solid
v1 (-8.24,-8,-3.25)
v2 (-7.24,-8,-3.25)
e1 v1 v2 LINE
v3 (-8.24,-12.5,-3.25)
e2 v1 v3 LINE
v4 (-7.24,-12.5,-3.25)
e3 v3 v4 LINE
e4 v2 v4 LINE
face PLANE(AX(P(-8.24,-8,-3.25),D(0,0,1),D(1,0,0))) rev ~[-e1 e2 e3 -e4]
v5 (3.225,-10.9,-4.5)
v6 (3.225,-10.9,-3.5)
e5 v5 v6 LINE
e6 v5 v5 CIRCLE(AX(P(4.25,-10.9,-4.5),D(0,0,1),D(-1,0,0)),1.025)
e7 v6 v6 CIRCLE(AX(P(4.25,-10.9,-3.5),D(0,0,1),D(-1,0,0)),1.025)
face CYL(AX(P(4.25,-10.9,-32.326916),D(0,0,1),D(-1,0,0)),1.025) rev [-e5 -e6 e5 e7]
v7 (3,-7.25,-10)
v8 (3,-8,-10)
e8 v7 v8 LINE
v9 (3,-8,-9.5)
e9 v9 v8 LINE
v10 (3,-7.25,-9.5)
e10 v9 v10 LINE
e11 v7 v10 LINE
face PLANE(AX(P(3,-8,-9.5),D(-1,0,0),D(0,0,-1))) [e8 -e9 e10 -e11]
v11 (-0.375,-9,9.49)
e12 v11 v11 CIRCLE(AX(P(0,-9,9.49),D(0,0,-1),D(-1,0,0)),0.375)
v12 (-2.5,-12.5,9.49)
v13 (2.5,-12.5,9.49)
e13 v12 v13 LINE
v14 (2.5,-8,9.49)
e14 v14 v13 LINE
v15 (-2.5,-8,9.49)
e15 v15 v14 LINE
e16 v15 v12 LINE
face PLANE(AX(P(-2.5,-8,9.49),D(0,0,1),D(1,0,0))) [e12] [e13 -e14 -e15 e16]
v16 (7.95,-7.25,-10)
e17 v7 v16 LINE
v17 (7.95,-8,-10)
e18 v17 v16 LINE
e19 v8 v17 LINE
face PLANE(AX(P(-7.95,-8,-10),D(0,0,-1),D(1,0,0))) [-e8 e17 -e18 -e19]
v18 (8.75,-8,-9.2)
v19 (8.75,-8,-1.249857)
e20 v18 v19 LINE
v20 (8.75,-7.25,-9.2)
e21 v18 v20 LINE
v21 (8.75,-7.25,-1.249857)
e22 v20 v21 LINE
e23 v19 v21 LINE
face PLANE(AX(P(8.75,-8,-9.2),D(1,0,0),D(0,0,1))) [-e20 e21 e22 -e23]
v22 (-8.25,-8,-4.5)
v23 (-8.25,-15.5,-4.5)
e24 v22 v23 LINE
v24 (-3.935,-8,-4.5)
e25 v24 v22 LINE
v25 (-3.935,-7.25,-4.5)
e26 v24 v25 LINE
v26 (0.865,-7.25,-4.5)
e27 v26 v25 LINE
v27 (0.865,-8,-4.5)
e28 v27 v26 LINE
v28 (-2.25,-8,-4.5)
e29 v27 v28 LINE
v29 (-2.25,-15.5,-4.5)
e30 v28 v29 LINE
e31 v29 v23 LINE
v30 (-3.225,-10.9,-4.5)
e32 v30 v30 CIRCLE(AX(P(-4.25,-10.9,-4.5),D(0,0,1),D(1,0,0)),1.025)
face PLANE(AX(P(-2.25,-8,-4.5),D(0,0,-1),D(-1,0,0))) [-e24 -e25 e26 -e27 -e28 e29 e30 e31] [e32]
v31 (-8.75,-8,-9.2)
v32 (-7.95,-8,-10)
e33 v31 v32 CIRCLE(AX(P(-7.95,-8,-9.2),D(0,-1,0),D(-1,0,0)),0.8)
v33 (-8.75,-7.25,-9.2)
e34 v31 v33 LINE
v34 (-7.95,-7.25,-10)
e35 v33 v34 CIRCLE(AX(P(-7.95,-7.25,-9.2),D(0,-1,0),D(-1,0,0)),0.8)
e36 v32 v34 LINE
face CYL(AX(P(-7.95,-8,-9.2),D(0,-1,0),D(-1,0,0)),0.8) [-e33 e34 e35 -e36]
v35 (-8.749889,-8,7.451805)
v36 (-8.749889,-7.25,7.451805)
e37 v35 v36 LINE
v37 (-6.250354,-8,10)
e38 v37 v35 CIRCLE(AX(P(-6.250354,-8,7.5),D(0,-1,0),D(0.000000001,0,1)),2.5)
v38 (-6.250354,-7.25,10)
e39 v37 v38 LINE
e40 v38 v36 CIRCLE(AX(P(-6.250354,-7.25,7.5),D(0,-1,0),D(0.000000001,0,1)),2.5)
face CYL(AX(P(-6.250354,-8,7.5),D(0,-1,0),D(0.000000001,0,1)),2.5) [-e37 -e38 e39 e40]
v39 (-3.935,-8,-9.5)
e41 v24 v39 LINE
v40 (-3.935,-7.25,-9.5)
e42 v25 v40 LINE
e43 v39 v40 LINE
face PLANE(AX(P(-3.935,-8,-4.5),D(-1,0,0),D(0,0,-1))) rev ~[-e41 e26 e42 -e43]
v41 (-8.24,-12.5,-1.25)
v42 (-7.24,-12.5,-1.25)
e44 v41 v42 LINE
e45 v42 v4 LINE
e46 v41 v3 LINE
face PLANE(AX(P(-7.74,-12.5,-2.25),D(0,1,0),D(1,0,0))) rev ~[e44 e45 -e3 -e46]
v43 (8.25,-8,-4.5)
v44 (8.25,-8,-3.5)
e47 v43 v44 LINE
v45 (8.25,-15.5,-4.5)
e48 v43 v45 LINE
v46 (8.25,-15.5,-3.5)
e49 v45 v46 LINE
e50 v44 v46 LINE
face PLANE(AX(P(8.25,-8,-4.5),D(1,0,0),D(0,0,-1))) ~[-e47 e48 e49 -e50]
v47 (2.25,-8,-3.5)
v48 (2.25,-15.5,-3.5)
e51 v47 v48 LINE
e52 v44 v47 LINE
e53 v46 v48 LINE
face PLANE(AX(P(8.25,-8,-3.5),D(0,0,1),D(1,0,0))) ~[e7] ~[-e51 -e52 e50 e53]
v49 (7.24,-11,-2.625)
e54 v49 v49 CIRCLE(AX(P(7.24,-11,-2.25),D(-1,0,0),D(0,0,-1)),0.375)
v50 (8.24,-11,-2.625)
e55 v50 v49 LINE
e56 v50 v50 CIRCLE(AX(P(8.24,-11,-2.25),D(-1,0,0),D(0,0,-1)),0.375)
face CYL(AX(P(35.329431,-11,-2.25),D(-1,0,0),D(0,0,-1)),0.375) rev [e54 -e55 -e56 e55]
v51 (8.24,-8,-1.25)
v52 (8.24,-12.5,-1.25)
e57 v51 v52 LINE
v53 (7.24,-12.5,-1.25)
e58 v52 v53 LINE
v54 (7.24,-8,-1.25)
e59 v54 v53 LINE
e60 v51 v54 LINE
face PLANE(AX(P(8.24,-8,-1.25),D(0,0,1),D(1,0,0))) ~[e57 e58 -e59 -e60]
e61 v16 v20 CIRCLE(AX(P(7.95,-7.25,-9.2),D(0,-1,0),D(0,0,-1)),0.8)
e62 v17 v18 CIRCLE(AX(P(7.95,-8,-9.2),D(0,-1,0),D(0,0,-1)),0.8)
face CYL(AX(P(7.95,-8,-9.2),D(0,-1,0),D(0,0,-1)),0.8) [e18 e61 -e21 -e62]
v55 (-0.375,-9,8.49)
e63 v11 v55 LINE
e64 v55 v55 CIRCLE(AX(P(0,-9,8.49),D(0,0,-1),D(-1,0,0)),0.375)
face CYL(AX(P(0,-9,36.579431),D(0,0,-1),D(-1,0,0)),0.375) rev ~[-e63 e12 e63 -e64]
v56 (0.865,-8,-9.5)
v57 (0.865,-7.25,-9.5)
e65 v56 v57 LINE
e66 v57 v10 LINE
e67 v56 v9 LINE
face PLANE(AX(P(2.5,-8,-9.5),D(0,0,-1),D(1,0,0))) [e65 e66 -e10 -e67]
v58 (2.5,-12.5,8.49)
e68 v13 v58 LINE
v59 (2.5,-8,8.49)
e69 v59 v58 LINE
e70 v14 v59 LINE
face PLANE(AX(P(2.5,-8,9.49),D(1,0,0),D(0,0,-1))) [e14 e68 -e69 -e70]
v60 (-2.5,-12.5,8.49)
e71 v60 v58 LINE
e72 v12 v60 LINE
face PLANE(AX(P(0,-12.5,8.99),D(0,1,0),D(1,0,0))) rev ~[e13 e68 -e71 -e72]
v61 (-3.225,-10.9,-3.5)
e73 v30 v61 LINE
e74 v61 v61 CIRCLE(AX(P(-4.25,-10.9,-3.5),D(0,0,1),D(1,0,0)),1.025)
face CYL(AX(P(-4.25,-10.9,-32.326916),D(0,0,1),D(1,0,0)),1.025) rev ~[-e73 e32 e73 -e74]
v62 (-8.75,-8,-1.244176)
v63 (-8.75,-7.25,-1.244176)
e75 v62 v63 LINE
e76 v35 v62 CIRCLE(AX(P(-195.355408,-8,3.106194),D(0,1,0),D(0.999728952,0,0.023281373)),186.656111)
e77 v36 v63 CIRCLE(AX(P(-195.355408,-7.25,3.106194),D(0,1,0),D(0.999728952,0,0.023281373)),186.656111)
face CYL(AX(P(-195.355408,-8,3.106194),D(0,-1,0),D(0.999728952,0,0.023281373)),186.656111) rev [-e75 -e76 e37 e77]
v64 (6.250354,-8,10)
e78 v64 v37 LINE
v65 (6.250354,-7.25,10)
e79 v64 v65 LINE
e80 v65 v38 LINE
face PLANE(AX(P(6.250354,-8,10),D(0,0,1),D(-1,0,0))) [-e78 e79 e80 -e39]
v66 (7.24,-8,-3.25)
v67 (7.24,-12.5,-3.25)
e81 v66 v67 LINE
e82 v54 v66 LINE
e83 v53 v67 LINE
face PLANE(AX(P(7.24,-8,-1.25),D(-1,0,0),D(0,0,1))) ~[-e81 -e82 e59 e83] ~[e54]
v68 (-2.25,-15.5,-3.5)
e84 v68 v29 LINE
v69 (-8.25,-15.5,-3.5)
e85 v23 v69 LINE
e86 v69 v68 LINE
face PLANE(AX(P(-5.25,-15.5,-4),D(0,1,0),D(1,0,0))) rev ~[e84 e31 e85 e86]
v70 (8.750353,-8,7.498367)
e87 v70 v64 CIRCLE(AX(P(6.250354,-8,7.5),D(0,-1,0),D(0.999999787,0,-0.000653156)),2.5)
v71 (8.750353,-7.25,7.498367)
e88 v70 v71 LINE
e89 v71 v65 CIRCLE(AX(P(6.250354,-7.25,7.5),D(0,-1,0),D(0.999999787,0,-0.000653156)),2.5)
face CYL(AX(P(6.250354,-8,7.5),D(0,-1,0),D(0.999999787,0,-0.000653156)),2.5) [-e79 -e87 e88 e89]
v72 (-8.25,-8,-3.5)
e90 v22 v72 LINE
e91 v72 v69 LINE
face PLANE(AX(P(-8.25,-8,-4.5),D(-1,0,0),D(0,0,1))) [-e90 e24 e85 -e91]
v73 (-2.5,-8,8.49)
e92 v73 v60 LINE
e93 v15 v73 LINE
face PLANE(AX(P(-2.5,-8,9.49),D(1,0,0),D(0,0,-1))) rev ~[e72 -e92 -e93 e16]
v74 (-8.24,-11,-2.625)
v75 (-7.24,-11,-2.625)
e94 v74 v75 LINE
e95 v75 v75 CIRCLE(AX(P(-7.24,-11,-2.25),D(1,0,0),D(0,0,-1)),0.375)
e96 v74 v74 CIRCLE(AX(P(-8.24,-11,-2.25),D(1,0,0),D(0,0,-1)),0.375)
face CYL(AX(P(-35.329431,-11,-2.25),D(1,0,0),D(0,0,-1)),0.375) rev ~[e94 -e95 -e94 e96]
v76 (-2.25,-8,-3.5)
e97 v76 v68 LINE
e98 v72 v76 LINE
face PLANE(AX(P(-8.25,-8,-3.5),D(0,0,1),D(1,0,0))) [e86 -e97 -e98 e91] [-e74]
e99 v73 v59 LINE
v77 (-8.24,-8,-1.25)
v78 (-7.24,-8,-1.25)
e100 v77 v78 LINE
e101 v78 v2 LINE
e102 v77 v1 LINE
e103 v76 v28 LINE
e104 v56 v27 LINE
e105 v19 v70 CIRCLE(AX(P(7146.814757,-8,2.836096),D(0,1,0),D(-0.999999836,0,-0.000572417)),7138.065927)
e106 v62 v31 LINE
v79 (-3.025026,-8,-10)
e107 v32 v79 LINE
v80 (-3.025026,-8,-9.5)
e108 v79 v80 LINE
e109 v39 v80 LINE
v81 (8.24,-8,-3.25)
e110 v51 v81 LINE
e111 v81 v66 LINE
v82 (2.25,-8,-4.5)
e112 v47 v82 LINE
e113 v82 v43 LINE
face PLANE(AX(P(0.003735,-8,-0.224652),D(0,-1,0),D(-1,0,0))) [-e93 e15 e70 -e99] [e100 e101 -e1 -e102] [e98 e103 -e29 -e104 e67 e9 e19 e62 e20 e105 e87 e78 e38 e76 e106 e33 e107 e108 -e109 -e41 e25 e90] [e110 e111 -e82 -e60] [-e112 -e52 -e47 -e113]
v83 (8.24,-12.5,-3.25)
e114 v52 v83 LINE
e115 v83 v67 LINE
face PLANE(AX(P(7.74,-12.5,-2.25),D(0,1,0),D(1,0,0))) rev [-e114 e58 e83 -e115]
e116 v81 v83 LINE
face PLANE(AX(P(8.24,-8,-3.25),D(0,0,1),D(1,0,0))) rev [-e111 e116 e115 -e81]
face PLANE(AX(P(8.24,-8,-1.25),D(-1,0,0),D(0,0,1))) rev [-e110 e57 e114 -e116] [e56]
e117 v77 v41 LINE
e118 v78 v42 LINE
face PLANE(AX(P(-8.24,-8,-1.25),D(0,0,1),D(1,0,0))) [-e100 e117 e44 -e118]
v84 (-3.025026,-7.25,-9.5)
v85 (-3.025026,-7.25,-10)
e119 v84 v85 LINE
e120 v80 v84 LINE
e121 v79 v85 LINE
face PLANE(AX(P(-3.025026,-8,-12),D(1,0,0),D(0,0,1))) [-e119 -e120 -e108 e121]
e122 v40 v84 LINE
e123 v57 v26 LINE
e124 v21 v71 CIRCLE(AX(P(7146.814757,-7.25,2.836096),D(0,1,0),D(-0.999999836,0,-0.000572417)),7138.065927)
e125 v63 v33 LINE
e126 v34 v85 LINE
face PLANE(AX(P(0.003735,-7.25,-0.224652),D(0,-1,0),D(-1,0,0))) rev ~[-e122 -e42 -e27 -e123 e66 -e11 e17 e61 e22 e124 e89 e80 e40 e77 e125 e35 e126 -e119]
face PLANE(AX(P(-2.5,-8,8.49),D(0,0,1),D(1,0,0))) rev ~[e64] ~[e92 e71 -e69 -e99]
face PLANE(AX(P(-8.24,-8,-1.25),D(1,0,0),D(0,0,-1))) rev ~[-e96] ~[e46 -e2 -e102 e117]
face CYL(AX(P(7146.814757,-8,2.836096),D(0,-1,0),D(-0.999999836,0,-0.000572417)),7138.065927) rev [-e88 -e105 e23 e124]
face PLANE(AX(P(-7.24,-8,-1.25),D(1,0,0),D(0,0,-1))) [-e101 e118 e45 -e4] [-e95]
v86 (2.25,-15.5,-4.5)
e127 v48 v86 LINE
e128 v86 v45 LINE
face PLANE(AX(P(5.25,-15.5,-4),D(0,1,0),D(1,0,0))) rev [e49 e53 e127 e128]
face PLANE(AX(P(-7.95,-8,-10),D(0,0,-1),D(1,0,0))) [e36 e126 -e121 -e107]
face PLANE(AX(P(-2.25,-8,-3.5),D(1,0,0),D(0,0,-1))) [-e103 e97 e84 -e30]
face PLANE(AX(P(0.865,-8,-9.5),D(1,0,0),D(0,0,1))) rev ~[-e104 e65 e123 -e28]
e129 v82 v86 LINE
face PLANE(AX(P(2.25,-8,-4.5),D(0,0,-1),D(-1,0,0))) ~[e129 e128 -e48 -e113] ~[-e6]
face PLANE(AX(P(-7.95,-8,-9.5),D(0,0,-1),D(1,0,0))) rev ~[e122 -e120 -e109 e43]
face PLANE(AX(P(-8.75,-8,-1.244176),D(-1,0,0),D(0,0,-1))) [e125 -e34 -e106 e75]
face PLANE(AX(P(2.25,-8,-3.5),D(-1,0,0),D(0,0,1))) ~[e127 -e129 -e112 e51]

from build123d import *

# Parameters (mm, degrees)
EXTRUDE_LID_MAIN_DEPTH = 0.75
EXTRUDE_THIN2_DEPTH    = 0.75
UPPER_17_W             = 5
UPPER_17_H             = 1
UPPER_17_W_2           = 1
UPPER_17_H_2           = 2
LID_ANCHOR_FRONT_DEPTH = 4.5
TAP_LATERAL_LID_D      = 0.75
TAP_FRONT_LID_D        = 0.75
CUT_EXTRUDE1_REACH     = 16.029
HS_HOLDER_LID_DEPTH    = 7.5
M2_5_TAPPED_HOLE2_D    = 2.05


with BuildPart() as part:
    # upper<13> → extrude_lid_main (new body)
    with BuildSketch(Plane(origin=(0, -8, 0), x_dir=(1, 0, 0), z_dir=(0, 1, 0))):
        with BuildLine():
            Line((-6.250353693, -9.5), (6.250353693, -9.5))
            ThreePointArc((6.250353693, -9.5), (7.665029031, -8.913751636), (8.250353267, -7.498693688))
            ThreePointArc((8.250353267, -7.498693688), (8.248836384, -3.124346898), (8.25, 1.25))
            Line((8.25, 1.25), (8.25, 9.2))
            ThreePointArc((8.25, 9.2), (8.162132034, 9.412132034), (7.95, 9.5))
            Line((7.95, 9.5), (0.865, 9.5))
            Line((0.865, 9.5), (0.865, 4.5))
            Line((0.865, 4.5), (-3.935, 4.5))
            Line((-3.935, 4.5), (-3.935, 9.5))
            Line((-3.935, 9.5), (-7.95, 9.5))
            ThreePointArc((-7.95, 9.5), (-8.162132034, 9.412132034), (-8.25, 9.2))
            Line((-8.25, 9.2), (-8.25, 1.25))
            ThreePointArc((-8.25, 1.25), (-8.199296345, -3.106194095), (-8.25, -7.462388189))
            ThreePointArc((-8.25, -7.462388189), (-7.677803101, -8.900852665), (-6.250353693, -9.5))
        make_face()
    extrude(amount=EXTRUDE_LID_MAIN_DEPTH)



with BuildPart() as body_2:
    # upper<16> → Extrude-Thin2 (new body)
    with BuildSketch(Plane(origin=(0, -8, 0), x_dir=(1, 0, 0), z_dir=(0, 1, 0))):
        with BuildLine():
            Line((-8.75, 1.244176388), (-8.75, 9.2))
            ThreePointArc((-8.75, 9.2), (-8.515685425, 9.765685425), (-7.95, 10))
            Line((-7.95, 10), (7.95, 10))
            ThreePointArc((7.95, 10), (8.515685425, 9.765685425), (8.75, 9.2))
            Line((8.75, 9.2), (8.75, 1.249856897))
            ThreePointArc((8.75, 1.249856897), (8.748836381, -3.12425516), (8.75035316, -7.49836711))
            ThreePointArc((8.75035316, -7.49836711), (8.018697866, -9.267189545), (6.250353693, -10))
            Line((6.250353693, -10), (-6.250353693, -10))
            ThreePointArc((-6.250353693, -10), (-8.035078913, -9.250644422), (-8.749889093, -7.451804713))
            ThreePointArc((-8.749889093, -7.451804713), (-8.69929636, -3.103813517), (-8.75, 1.244176388))
        make_face()
        with BuildLine():
            Line((-8.25, 1.25), (-8.25, 9.2))
            ThreePointArc((-8.25, 9.2), (-8.162132034, 9.412132034), (-7.95, 9.5))
            Line((-7.95, 9.5), (7.95, 9.5))
            ThreePointArc((7.95, 9.5), (8.162132034, 9.412132034), (8.25, 9.2))
            Line((8.25, 9.2), (8.25, 1.25))
            ThreePointArc((8.25, 1.25), (8.248836384, -3.124346898), (8.250353267, -7.498693688))
            ThreePointArc((8.250353267, -7.498693688), (7.665029031, -8.913751636), (6.250353693, -9.5))
            Line((6.250353693, -9.5), (-6.250353693, -9.5))
            ThreePointArc((-6.250353693, -9.5), (-7.677803101, -8.900852665), (-8.25, -7.462388189))
            ThreePointArc((-8.25, -7.462388189), (-8.199296345, -3.106194095), (-8.25, 1.25))
        make_face(mode=Mode.SUBTRACT)
    extrude(amount=EXTRUDE_THIN2_DEPTH)


with BuildPart() as part_1:
    add(part.part)

    add(body_2.part)  # lid_anchor_front merges body 2
    # upper<17> → lid_anchor_front (add)
    with BuildSketch(Plane(origin=(0, -8, 0), x_dir=(1, 0, 0), z_dir=(0, 1, 0))):
        with Locations((0, -8.99)):
            Rectangle(UPPER_17_W, UPPER_17_H)
        with Locations((-7.74, 2.25)):
            Rectangle(UPPER_17_W_2, UPPER_17_H_2)
    lid_anchor_front = extrude(amount=-LID_ANCHOR_FRONT_DEPTH)

    # tap_lateral_lid (through all)
    with Locations(Plane.ZY.offset(8.24)):
        with Locations((-2.25, -11)):
            tap_lateral_lid = Hole(TAP_LATERAL_LID_D / 2)

    # Mirror3: lid_anchor_front, tap_lateral_lid across plane
    add(lid_anchor_front.mirror(Plane(origin=(0, 0, 0), x_dir=(0, 0, 1), z_dir=(1, 0, 0))))
    add(tap_lateral_lid.mirror(Plane(origin=(0, 0, 0), x_dir=(0, 0, 1), z_dir=(1, 0, 0))), mode=Mode.SUBTRACT)

    # tap_front_lid (through all)
    with Locations(Plane.XY.offset(9.49)):
        with Locations((0, -9)):
            Hole(TAP_FRONT_LID_D / 2)

    # upper<18> → Cut-Extrude1 (cut, up to next)
    with BuildSketch(Plane(origin=(0, -8, 0), x_dir=(1, 0, 0), z_dir=(0, 1, 0)), mode=Mode.PRIVATE) as cut_extrude1_sk1:
        with BuildLine():
            ThreePointArc((-2.5, 9.5), (-1.767766953, 11.267766953), (0, 12))
            Line((0, 12), (-1.556624327, 12))
            Line((-1.556624327, 12), (-3, 9.5))
            Line((-3, 9.5), (-2.5, 9.5))
        make_face()
    cut_extrude1_tool1 = extrude(cut_extrude1_sk1.sketch, amount=CUT_EXTRUDE1_REACH, mode=Mode.PRIVATE) & part_1.part
    # upper<18> → Cut-Extrude1 (cut, up to next)
    with BuildSketch(Plane(origin=(0, -8, 0), x_dir=(1, 0, 0), z_dir=(0, 1, 0)), mode=Mode.PRIVATE) as cut_extrude1_sk2:
        with BuildLine():
            Line((2.5, 9.5), (3, 9.5))
            Line((3, 9.5), (1.556624327, 12))
            Line((1.556624327, 12), (0, 12))
            ThreePointArc((0, 12), (1.767766953, 11.267766953), (2.5, 9.5))
        make_face()
    cut_extrude1_tool2 = extrude(cut_extrude1_sk2.sketch, amount=CUT_EXTRUDE1_REACH, mode=Mode.PRIVATE) & part_1.part
    # upper<18> → Cut-Extrude1 (cut, up to next)
    with BuildSketch(Plane(origin=(0, -8, 0), x_dir=(1, 0, 0), z_dir=(0, 1, 0)), mode=Mode.PRIVATE) as cut_extrude1_sk3:
        with BuildLine():
            Line((1.25, 9.5), (2.5, 9.5))
            ThreePointArc((2.5, 9.5), (1.767766953, 11.267766953), (0, 12))
            ThreePointArc((0, 12), (-1.767766953, 11.267766953), (-2.5, 9.5))
            Line((-2.5, 9.5), (-1.25, 9.5))
            Line((-1.25, 9.5), (0.865, 9.5))
            Line((0.865, 9.5), (1.25, 9.5))
        make_face()
    cut_extrude1_tool3 = extrude(cut_extrude1_sk3.sketch, amount=CUT_EXTRUDE1_REACH, mode=Mode.PRIVATE) & part_1.part
    # upper<18> → Cut-Extrude1 (cut, up to next)
    with BuildSketch(Plane(origin=(0, -8, 0), x_dir=(1, 0, 0), z_dir=(0, 1, 0)), mode=Mode.PRIVATE) as cut_extrude1_sk4:
        Polygon((1.556624327, 12), (3, 9.5), (3, 12), align=None)
    cut_extrude1_tool4 = extrude(cut_extrude1_sk4.sketch, amount=CUT_EXTRUDE1_REACH, mode=Mode.PRIVATE) & part_1.part
    # upper<18> → Cut-Extrude1 (cut, up to next)
    with BuildSketch(Plane(origin=(0, -8, 0), x_dir=(1, 0, 0), z_dir=(0, 1, 0)), mode=Mode.PRIVATE) as cut_extrude1_sk5:
        Polygon((-3, 9.5), (-1.556624327, 12), (-3.025026025, 12), (-3.025026025, 9.5), align=None)
    cut_extrude1_tool5 = extrude(cut_extrude1_sk5.sketch, amount=CUT_EXTRUDE1_REACH, mode=Mode.PRIVATE) & part_1.part
    add(cut_extrude1_tool1.solids().sort_by_distance((-2.75, -8, -9.539051))[0], mode=Mode.SUBTRACT)
    add(cut_extrude1_tool2.solids().sort_by_distance((2.244493, -8, -10.730474))[0], mode=Mode.SUBTRACT)
    add(cut_extrude1_tool3.solids().sort_by_distance((0, -8, -10.561033))[0], mode=Mode.SUBTRACT)
    add(cut_extrude1_tool4.solids().sort_by_distance((2.518875, -8, -11.166667))[0], mode=Mode.SUBTRACT)
    add(cut_extrude1_tool5.solids().sort_by_distance((-2.535419, -8, -11.152702))[0], mode=Mode.SUBTRACT)

    # upper<25> → hs-holder-lid (add)
    with BuildSketch(Plane(origin=(0, -8, 0), x_dir=(1, 0, 0), z_dir=(0, 1, 0))):
        Polygon((-8.25, 4.5), (-8.25, 3.5), (-2.25, 3.5), (-2.25, 4.5), (-3.935, 4.5), (-4.75, 4.5), align=None)
    hs_holder_lid = extrude(amount=-HS_HOLDER_LID_DEPTH)

    # M2.5 Tapped Hole2 (through all)
    with Locations(Plane(origin=(0, 0, -4.5), x_dir=(-1, 0, 0), z_dir=(0, 0, -1))):
        with Locations((4.25, -10.9)):
            m2_5_tapped_hole2 = Hole(M2_5_TAPPED_HOLE2_D / 2)

    # Mirror6: hs-holder-lid across plane
    add(hs_holder_lid.mirror(Plane(origin=(0, 0, 0), x_dir=(0, 0, 1), z_dir=(1, 0, 0))))

    # Mirror7: M2.5 Tapped Hole2 across plane
    add(m2_5_tapped_hole2.mirror(Plane(origin=(0, 0, 0), x_dir=(0, 0, 1), z_dir=(1, 0, 0))), mode=Mode.SUBTRACT)


solid = part_1.part
